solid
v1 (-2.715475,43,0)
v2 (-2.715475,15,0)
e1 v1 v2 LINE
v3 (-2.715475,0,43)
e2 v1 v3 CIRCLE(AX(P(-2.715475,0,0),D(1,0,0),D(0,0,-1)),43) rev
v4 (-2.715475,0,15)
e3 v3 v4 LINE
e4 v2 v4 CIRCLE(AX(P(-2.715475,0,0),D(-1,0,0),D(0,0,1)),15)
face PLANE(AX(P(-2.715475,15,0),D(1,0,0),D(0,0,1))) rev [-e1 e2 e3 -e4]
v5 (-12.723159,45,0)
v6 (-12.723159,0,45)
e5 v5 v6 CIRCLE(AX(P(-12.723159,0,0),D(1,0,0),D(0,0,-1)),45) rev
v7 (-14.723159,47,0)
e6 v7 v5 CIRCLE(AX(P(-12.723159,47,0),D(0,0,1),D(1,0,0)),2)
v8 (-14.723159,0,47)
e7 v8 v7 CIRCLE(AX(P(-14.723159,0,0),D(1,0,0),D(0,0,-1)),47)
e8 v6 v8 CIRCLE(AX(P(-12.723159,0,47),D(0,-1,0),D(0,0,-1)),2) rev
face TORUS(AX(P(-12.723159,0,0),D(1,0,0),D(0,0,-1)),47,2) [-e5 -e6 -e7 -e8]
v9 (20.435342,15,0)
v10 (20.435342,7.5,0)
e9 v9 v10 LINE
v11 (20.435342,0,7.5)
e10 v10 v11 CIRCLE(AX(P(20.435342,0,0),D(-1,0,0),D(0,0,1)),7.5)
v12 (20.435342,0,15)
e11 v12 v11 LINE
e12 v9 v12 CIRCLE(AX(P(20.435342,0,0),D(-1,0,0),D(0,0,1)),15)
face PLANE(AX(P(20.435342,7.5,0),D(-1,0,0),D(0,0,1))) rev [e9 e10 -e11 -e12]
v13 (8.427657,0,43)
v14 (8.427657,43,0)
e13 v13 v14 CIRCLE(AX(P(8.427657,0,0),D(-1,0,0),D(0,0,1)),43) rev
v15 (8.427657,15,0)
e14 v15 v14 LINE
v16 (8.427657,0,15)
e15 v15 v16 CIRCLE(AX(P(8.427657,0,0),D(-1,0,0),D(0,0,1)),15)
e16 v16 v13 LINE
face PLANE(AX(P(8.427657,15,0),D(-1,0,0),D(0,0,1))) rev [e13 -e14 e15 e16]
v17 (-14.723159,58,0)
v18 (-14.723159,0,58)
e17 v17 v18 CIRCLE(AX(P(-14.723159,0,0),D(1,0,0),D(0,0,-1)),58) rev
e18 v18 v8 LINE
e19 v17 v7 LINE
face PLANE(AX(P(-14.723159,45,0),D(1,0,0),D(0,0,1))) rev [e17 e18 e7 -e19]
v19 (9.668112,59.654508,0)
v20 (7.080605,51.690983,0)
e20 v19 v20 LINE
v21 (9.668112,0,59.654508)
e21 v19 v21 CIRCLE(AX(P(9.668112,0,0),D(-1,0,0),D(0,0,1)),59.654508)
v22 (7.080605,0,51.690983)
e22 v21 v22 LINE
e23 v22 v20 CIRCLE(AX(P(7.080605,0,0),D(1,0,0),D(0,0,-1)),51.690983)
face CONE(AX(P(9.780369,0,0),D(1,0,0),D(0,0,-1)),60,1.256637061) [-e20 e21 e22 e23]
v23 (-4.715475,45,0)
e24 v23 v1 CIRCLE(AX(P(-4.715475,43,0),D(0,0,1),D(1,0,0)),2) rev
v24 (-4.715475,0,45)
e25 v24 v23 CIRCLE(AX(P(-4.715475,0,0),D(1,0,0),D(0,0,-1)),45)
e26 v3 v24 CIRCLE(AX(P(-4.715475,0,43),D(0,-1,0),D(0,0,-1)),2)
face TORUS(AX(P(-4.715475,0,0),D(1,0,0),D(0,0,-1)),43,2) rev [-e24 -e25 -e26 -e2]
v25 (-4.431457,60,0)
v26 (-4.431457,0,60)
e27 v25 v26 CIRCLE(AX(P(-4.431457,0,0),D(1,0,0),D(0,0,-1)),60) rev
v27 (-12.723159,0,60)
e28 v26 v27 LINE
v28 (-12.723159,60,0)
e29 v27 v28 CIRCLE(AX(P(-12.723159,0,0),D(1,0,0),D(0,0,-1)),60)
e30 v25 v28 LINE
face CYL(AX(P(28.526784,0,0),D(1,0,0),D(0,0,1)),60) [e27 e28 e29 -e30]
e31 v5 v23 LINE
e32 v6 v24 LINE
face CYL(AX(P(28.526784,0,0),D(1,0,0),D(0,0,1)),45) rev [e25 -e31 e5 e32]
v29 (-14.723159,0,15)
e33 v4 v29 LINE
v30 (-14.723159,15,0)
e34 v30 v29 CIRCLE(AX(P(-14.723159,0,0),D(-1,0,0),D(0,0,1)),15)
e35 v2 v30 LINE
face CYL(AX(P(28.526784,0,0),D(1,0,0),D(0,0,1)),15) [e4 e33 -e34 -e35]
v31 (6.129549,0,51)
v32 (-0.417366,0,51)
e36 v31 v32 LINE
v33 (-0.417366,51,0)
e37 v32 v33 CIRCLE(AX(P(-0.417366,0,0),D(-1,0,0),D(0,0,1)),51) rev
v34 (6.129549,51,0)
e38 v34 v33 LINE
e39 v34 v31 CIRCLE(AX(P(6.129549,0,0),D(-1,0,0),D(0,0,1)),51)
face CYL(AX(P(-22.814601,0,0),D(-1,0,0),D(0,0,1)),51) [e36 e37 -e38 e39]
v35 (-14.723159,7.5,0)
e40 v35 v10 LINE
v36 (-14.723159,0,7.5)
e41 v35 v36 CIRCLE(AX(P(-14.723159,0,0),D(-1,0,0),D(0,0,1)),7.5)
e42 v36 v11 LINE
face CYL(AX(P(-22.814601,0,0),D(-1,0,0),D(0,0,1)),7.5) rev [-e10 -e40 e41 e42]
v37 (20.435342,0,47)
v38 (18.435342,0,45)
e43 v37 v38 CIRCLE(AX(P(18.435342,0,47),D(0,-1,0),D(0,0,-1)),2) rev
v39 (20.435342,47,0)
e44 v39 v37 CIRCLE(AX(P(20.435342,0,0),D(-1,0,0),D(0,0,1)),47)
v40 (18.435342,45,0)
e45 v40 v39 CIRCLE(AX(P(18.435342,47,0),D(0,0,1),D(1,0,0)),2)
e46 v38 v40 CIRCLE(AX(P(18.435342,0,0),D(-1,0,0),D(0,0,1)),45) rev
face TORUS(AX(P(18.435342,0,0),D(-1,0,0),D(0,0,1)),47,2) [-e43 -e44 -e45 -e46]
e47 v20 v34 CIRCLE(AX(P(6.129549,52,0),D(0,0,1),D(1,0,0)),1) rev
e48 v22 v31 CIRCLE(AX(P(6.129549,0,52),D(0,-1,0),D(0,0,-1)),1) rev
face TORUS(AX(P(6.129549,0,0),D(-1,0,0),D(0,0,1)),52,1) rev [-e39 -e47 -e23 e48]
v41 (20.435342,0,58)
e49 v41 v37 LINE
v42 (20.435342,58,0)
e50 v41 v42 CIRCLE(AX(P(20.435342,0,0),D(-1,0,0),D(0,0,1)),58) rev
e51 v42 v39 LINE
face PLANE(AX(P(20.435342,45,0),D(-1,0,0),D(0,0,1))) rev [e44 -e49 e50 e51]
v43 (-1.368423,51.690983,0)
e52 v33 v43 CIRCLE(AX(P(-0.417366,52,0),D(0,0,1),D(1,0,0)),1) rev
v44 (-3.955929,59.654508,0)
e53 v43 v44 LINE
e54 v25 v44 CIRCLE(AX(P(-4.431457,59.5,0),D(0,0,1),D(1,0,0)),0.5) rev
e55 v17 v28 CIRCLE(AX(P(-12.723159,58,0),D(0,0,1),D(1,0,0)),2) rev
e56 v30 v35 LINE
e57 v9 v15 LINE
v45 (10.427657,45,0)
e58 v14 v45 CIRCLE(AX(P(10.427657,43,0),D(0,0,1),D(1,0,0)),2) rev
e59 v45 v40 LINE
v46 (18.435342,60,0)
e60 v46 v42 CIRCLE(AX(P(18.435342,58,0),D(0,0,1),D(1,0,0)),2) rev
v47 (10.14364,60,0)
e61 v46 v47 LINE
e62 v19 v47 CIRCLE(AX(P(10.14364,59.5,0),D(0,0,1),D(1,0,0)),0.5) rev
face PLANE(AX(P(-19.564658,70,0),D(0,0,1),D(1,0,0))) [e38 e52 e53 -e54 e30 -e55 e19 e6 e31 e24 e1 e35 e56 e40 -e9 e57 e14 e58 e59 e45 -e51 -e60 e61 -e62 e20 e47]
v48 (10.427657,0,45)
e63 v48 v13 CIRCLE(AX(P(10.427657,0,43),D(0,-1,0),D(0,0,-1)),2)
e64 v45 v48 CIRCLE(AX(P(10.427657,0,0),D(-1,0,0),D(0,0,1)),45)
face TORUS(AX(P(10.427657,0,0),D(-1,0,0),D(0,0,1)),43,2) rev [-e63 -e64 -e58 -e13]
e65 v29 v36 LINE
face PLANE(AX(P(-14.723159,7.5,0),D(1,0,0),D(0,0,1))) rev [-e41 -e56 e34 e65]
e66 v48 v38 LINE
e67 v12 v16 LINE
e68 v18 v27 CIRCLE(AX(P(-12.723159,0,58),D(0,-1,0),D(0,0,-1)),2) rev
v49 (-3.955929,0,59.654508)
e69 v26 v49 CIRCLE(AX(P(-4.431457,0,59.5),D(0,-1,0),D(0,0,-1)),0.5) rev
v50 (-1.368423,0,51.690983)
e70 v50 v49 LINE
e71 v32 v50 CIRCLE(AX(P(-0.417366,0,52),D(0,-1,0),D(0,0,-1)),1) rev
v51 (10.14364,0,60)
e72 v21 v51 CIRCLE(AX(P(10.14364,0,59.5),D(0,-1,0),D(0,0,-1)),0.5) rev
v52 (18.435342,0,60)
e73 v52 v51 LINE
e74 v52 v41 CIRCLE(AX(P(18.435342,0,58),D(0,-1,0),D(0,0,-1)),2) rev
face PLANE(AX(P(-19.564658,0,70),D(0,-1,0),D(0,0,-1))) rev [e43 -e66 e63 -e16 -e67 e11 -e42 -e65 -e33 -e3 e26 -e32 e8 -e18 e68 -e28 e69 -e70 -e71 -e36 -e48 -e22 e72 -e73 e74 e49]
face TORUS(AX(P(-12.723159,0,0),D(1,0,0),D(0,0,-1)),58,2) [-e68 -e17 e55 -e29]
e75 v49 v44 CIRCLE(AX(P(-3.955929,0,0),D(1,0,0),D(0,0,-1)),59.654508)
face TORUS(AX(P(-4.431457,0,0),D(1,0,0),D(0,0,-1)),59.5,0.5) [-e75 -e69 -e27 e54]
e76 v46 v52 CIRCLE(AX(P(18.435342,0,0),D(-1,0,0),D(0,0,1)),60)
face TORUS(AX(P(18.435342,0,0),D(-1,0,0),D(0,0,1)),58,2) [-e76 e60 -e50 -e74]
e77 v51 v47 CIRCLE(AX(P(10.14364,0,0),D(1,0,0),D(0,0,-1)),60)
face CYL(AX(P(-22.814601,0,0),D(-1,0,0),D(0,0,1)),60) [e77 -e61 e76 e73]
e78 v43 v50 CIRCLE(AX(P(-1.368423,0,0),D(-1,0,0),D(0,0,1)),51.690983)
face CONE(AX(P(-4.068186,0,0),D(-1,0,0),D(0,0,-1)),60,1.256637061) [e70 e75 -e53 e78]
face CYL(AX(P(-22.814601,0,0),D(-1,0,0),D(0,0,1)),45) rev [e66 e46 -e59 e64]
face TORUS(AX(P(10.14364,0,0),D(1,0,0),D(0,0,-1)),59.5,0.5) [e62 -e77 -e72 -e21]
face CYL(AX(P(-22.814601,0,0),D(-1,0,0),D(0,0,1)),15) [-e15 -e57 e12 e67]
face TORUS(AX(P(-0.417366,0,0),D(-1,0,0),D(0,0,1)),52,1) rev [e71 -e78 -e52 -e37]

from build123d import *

# Parameters (mm, degrees)
FILLET_1_R          = 0.5
FILLET_2_R          = 1
FILLET_3_R          = 2
SKETCH_2_W          = 70
SKETCH_2_H          = 70
CUT_EXTRUDE_2_DEPTH = 40
FILLET_4_R          = 2


with BuildPart() as part:
    # 스케치1 → 회전1 (revolve)
    with BuildSketch(Plane.XY, mode=Mode.PRIVATE) as revolve_1_sk:
        Polygon((2.856091268, 7.5), (20.435341988, 7.5), (20.435341988, 15), (8.42765707, 15), (8.42765707, 45), (20.435341988, 45), (20.435341988, 60), (9.780368534, 60), (6.856091268, 51), (2.856091268, 51), align=None)
    revolve_1 = revolve(revolve_1_sk.sketch.rotate(Axis((-22.814601345, 0, 0), (1, 0, 0)), 90), axis=Axis((-22.814601345, 0, 0), (1, 0, 0)))

    # 대칭 복사2: 회전1 across plane
    add(revolve_1.mirror(Plane(origin=(2.856091268, 51, 0), x_dir=(0, 0, 1), z_dir=(1, 0, 0))))

    # 필렛1
    fillet_1_edges = [part.edges().sort_by_distance(p)[0] for p in [
        (-4.068185998, 0, -60),
        (9.780368534, 0, -60),
    ]]
    fillet(fillet_1_edges, radius=FILLET_1_R)

    # 필렛2
    fillet_2_edges = [part.edges().sort_by_distance(p)[0] for p in [
        (-1.143908732, 0, -51),
        (6.856091268, 0, -51),
    ]]
    fillet(fillet_2_edges, radius=FILLET_2_R)

    # 필렛3
    fillet_3_edges = [part.edges().sort_by_distance(p)[0] for p in [
        (-14.723159453, 0, -60),
        (20.435341988, 0, -60),
    ]]
    fillet(fillet_3_edges, radius=FILLET_3_R)

    # 스케치2 → 컷-돌출2 (cut)
    with BuildSketch(Plane(origin=(20.435341988, 0, 0), x_dir=(0, 0, -1), z_dir=(1, 0, 0))):
        with Locations((-35, 35)):
            Rectangle(SKETCH_2_W, SKETCH_2_H)
    extrude(amount=-CUT_EXTRUDE_2_DEPTH, mode=Mode.SUBTRACT)

    # 필렛4
    fillet_4_edges = [part.edges().sort_by_distance(p)[0] for p in [
        (-14.723159453, -31.819805153, -31.819805153),
        (-2.715474534, -31.819805153, -31.819805153),
        (20.435341988, -31.819805153, -31.819805153),
        (8.42765707, -31.819805153, -31.819805153),
    ]]
    fillet(fillet_4_edges, radius=FILLET_4_R)


solid = part.part
